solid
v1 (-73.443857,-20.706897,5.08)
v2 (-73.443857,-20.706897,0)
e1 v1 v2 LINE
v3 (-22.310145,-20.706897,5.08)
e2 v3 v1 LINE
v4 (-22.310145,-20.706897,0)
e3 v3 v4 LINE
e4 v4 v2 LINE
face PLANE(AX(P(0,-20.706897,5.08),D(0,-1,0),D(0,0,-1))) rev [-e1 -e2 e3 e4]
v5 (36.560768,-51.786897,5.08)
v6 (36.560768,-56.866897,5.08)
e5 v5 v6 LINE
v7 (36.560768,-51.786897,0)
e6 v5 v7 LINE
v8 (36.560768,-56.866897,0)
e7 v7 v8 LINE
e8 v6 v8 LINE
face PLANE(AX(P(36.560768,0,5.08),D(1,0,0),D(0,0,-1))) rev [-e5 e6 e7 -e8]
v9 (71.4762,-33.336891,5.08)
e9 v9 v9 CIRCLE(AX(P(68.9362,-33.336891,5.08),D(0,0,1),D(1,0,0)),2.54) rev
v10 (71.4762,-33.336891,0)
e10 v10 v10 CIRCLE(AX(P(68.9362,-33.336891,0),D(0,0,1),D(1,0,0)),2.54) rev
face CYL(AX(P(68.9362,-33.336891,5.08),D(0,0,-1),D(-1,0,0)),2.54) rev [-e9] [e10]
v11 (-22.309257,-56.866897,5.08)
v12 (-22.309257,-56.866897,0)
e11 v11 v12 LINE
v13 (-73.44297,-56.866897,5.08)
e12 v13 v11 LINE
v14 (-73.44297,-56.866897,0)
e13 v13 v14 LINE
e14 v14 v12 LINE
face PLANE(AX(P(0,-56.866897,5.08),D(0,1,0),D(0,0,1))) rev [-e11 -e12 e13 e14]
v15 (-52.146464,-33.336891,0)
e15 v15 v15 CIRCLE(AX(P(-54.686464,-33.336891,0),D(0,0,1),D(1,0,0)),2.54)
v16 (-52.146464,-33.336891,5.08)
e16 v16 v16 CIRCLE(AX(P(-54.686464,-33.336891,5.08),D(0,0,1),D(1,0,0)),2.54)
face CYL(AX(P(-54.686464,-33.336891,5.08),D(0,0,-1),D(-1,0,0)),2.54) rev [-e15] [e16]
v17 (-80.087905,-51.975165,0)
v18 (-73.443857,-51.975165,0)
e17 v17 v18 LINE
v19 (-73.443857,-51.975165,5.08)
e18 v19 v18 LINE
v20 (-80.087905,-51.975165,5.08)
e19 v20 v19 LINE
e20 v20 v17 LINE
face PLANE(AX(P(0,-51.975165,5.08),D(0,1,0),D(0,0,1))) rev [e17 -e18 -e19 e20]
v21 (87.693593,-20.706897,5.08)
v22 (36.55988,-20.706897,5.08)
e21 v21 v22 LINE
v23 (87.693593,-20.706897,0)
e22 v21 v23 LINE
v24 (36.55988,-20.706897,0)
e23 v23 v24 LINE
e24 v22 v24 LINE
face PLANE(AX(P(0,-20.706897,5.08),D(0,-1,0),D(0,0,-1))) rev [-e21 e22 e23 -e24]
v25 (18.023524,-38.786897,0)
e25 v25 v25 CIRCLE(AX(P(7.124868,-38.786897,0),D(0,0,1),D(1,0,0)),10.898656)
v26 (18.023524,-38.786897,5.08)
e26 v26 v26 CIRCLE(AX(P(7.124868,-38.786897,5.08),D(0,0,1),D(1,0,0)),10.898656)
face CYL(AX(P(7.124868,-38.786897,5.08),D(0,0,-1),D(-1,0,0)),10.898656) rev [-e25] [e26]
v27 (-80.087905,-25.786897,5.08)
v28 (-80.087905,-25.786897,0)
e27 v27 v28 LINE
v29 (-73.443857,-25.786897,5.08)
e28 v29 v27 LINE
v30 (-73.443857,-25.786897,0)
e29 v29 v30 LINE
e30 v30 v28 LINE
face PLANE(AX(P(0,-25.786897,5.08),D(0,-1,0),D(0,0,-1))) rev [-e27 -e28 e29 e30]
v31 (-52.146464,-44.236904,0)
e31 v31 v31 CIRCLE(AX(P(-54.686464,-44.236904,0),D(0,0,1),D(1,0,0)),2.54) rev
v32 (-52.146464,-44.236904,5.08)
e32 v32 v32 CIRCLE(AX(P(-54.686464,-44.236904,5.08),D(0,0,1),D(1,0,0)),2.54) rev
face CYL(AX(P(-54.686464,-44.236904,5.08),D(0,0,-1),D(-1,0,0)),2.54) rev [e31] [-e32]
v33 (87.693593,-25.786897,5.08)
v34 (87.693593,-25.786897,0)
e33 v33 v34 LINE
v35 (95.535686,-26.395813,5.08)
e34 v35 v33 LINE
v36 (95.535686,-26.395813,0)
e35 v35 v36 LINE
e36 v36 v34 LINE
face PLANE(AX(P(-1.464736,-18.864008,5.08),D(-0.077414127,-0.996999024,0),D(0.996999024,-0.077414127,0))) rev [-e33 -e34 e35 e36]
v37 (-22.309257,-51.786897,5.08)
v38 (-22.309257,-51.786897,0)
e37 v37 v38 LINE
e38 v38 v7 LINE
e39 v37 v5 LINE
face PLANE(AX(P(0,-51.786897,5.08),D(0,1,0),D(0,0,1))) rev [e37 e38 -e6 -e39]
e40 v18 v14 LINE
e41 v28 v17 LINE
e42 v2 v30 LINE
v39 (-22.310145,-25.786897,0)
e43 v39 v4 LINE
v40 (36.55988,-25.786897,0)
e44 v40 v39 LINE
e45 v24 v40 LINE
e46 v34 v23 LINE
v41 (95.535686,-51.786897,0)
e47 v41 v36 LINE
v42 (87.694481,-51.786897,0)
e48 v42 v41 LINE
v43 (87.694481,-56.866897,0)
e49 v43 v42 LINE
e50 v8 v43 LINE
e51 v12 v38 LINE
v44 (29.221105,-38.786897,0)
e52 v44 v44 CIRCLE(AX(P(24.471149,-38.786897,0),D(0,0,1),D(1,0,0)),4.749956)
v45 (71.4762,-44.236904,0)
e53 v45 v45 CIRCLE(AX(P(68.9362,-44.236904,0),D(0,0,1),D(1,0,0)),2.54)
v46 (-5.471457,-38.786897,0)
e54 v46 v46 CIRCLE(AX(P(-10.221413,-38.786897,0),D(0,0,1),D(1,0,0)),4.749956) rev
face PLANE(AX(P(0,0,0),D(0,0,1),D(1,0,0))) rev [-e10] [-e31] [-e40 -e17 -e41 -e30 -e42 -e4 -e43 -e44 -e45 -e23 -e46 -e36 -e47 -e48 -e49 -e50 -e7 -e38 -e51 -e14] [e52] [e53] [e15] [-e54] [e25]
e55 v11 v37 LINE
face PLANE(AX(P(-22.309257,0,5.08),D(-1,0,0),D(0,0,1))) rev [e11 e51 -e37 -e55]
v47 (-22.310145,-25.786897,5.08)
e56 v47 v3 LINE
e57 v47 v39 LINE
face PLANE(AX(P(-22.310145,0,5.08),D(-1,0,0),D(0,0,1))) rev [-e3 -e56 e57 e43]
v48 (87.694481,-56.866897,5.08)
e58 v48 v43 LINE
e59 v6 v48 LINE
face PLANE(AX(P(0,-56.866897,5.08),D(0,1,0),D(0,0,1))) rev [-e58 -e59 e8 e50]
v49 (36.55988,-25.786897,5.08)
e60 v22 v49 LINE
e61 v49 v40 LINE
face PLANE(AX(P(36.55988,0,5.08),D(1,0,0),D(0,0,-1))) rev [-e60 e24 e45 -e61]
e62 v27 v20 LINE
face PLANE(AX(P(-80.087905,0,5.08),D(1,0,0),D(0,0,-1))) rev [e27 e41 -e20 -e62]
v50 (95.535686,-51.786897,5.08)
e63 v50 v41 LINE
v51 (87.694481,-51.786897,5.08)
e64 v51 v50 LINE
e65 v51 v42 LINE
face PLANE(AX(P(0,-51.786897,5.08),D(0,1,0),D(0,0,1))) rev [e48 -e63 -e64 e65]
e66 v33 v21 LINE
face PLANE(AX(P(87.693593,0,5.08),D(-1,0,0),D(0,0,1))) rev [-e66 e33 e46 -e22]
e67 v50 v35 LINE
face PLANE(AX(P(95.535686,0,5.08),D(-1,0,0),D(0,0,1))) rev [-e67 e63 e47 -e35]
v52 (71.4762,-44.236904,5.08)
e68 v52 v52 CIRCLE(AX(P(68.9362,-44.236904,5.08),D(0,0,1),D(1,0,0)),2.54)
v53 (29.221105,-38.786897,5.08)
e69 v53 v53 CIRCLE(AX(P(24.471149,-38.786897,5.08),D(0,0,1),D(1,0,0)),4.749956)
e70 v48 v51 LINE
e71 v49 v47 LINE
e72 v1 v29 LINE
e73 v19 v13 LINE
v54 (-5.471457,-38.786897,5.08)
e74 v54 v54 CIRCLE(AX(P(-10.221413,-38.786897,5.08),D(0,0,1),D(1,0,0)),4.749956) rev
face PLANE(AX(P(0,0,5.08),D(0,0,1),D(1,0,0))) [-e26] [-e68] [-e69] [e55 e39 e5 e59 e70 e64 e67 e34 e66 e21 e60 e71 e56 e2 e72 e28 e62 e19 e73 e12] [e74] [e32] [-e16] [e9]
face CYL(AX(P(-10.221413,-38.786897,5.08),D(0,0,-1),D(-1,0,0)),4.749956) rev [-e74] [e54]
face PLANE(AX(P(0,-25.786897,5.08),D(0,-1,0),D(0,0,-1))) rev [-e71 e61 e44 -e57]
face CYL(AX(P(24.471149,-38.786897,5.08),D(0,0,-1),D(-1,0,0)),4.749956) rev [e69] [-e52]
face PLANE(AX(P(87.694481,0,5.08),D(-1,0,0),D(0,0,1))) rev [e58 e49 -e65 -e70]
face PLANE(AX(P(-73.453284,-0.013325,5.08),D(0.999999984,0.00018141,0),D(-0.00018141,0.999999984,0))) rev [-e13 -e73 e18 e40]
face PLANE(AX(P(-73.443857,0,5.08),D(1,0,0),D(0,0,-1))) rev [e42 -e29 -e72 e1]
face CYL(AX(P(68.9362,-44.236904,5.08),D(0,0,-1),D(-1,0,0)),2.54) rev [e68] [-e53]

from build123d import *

# Parameters (mm, degrees)
SKETCH1_R           = 2.54
SKETCH1_R_2         = 10.898656268
SKETCH1_R_3         = 4.749956202
BOSS_EXTRUDE1_DEPTH = 5.08


with BuildPart() as part:
    # Sketch1 → Boss-Extrude1 (new body)
    with BuildSketch(Plane.XY):
        Polygon((-22.310144528, -20.706897394), (-73.443857446, -20.706897394), (-73.443857446, -25.786897394), (-80.087904918, -25.786897394), (-80.087904918, -51.975164853), (-73.443857446, -51.975164853), (-73.442970039, -56.866897394), (-22.309257121, -56.866897394), (-22.309257121, -51.786897394), (36.560767605, -51.786897394), (36.560767605, -56.866897394), (87.694480523, -56.866897394), (87.694480523, -51.786897394), (95.535685575, -51.786897394), (95.535685575, -26.395813478), (87.693593116, -25.786897394), (87.693593116, -20.706897394), (36.559880198, -20.706897394), (36.559880198, -25.786897394), (-22.310144528, -25.786897394), align=None)
        with Locations((-54.686464291, -44.236903978)):
            Circle(SKETCH1_R, mode=Mode.SUBTRACT)
        with Locations((7.124867835, -38.786897394)):
            Circle(SKETCH1_R_2, mode=Mode.SUBTRACT)
        with Locations((68.93619996, -44.236903978)):
            Circle(SKETCH1_R, mode=Mode.SUBTRACT)
        with Locations((-54.686464291, -33.336890811)):
            Circle(SKETCH1_R, mode=Mode.SUBTRACT)
        with Locations((-10.221413257, -38.786897394)):
            Circle(SKETCH1_R_3, mode=Mode.SUBTRACT)
        with Locations((24.471148926, -38.786897394)):
            Circle(SKETCH1_R_3, mode=Mode.SUBTRACT)
        with Locations((68.93619996, -33.336890811)):
            Circle(SKETCH1_R, mode=Mode.SUBTRACT)
    extrude(amount=BOSS_EXTRUDE1_DEPTH)


solid = part.part
